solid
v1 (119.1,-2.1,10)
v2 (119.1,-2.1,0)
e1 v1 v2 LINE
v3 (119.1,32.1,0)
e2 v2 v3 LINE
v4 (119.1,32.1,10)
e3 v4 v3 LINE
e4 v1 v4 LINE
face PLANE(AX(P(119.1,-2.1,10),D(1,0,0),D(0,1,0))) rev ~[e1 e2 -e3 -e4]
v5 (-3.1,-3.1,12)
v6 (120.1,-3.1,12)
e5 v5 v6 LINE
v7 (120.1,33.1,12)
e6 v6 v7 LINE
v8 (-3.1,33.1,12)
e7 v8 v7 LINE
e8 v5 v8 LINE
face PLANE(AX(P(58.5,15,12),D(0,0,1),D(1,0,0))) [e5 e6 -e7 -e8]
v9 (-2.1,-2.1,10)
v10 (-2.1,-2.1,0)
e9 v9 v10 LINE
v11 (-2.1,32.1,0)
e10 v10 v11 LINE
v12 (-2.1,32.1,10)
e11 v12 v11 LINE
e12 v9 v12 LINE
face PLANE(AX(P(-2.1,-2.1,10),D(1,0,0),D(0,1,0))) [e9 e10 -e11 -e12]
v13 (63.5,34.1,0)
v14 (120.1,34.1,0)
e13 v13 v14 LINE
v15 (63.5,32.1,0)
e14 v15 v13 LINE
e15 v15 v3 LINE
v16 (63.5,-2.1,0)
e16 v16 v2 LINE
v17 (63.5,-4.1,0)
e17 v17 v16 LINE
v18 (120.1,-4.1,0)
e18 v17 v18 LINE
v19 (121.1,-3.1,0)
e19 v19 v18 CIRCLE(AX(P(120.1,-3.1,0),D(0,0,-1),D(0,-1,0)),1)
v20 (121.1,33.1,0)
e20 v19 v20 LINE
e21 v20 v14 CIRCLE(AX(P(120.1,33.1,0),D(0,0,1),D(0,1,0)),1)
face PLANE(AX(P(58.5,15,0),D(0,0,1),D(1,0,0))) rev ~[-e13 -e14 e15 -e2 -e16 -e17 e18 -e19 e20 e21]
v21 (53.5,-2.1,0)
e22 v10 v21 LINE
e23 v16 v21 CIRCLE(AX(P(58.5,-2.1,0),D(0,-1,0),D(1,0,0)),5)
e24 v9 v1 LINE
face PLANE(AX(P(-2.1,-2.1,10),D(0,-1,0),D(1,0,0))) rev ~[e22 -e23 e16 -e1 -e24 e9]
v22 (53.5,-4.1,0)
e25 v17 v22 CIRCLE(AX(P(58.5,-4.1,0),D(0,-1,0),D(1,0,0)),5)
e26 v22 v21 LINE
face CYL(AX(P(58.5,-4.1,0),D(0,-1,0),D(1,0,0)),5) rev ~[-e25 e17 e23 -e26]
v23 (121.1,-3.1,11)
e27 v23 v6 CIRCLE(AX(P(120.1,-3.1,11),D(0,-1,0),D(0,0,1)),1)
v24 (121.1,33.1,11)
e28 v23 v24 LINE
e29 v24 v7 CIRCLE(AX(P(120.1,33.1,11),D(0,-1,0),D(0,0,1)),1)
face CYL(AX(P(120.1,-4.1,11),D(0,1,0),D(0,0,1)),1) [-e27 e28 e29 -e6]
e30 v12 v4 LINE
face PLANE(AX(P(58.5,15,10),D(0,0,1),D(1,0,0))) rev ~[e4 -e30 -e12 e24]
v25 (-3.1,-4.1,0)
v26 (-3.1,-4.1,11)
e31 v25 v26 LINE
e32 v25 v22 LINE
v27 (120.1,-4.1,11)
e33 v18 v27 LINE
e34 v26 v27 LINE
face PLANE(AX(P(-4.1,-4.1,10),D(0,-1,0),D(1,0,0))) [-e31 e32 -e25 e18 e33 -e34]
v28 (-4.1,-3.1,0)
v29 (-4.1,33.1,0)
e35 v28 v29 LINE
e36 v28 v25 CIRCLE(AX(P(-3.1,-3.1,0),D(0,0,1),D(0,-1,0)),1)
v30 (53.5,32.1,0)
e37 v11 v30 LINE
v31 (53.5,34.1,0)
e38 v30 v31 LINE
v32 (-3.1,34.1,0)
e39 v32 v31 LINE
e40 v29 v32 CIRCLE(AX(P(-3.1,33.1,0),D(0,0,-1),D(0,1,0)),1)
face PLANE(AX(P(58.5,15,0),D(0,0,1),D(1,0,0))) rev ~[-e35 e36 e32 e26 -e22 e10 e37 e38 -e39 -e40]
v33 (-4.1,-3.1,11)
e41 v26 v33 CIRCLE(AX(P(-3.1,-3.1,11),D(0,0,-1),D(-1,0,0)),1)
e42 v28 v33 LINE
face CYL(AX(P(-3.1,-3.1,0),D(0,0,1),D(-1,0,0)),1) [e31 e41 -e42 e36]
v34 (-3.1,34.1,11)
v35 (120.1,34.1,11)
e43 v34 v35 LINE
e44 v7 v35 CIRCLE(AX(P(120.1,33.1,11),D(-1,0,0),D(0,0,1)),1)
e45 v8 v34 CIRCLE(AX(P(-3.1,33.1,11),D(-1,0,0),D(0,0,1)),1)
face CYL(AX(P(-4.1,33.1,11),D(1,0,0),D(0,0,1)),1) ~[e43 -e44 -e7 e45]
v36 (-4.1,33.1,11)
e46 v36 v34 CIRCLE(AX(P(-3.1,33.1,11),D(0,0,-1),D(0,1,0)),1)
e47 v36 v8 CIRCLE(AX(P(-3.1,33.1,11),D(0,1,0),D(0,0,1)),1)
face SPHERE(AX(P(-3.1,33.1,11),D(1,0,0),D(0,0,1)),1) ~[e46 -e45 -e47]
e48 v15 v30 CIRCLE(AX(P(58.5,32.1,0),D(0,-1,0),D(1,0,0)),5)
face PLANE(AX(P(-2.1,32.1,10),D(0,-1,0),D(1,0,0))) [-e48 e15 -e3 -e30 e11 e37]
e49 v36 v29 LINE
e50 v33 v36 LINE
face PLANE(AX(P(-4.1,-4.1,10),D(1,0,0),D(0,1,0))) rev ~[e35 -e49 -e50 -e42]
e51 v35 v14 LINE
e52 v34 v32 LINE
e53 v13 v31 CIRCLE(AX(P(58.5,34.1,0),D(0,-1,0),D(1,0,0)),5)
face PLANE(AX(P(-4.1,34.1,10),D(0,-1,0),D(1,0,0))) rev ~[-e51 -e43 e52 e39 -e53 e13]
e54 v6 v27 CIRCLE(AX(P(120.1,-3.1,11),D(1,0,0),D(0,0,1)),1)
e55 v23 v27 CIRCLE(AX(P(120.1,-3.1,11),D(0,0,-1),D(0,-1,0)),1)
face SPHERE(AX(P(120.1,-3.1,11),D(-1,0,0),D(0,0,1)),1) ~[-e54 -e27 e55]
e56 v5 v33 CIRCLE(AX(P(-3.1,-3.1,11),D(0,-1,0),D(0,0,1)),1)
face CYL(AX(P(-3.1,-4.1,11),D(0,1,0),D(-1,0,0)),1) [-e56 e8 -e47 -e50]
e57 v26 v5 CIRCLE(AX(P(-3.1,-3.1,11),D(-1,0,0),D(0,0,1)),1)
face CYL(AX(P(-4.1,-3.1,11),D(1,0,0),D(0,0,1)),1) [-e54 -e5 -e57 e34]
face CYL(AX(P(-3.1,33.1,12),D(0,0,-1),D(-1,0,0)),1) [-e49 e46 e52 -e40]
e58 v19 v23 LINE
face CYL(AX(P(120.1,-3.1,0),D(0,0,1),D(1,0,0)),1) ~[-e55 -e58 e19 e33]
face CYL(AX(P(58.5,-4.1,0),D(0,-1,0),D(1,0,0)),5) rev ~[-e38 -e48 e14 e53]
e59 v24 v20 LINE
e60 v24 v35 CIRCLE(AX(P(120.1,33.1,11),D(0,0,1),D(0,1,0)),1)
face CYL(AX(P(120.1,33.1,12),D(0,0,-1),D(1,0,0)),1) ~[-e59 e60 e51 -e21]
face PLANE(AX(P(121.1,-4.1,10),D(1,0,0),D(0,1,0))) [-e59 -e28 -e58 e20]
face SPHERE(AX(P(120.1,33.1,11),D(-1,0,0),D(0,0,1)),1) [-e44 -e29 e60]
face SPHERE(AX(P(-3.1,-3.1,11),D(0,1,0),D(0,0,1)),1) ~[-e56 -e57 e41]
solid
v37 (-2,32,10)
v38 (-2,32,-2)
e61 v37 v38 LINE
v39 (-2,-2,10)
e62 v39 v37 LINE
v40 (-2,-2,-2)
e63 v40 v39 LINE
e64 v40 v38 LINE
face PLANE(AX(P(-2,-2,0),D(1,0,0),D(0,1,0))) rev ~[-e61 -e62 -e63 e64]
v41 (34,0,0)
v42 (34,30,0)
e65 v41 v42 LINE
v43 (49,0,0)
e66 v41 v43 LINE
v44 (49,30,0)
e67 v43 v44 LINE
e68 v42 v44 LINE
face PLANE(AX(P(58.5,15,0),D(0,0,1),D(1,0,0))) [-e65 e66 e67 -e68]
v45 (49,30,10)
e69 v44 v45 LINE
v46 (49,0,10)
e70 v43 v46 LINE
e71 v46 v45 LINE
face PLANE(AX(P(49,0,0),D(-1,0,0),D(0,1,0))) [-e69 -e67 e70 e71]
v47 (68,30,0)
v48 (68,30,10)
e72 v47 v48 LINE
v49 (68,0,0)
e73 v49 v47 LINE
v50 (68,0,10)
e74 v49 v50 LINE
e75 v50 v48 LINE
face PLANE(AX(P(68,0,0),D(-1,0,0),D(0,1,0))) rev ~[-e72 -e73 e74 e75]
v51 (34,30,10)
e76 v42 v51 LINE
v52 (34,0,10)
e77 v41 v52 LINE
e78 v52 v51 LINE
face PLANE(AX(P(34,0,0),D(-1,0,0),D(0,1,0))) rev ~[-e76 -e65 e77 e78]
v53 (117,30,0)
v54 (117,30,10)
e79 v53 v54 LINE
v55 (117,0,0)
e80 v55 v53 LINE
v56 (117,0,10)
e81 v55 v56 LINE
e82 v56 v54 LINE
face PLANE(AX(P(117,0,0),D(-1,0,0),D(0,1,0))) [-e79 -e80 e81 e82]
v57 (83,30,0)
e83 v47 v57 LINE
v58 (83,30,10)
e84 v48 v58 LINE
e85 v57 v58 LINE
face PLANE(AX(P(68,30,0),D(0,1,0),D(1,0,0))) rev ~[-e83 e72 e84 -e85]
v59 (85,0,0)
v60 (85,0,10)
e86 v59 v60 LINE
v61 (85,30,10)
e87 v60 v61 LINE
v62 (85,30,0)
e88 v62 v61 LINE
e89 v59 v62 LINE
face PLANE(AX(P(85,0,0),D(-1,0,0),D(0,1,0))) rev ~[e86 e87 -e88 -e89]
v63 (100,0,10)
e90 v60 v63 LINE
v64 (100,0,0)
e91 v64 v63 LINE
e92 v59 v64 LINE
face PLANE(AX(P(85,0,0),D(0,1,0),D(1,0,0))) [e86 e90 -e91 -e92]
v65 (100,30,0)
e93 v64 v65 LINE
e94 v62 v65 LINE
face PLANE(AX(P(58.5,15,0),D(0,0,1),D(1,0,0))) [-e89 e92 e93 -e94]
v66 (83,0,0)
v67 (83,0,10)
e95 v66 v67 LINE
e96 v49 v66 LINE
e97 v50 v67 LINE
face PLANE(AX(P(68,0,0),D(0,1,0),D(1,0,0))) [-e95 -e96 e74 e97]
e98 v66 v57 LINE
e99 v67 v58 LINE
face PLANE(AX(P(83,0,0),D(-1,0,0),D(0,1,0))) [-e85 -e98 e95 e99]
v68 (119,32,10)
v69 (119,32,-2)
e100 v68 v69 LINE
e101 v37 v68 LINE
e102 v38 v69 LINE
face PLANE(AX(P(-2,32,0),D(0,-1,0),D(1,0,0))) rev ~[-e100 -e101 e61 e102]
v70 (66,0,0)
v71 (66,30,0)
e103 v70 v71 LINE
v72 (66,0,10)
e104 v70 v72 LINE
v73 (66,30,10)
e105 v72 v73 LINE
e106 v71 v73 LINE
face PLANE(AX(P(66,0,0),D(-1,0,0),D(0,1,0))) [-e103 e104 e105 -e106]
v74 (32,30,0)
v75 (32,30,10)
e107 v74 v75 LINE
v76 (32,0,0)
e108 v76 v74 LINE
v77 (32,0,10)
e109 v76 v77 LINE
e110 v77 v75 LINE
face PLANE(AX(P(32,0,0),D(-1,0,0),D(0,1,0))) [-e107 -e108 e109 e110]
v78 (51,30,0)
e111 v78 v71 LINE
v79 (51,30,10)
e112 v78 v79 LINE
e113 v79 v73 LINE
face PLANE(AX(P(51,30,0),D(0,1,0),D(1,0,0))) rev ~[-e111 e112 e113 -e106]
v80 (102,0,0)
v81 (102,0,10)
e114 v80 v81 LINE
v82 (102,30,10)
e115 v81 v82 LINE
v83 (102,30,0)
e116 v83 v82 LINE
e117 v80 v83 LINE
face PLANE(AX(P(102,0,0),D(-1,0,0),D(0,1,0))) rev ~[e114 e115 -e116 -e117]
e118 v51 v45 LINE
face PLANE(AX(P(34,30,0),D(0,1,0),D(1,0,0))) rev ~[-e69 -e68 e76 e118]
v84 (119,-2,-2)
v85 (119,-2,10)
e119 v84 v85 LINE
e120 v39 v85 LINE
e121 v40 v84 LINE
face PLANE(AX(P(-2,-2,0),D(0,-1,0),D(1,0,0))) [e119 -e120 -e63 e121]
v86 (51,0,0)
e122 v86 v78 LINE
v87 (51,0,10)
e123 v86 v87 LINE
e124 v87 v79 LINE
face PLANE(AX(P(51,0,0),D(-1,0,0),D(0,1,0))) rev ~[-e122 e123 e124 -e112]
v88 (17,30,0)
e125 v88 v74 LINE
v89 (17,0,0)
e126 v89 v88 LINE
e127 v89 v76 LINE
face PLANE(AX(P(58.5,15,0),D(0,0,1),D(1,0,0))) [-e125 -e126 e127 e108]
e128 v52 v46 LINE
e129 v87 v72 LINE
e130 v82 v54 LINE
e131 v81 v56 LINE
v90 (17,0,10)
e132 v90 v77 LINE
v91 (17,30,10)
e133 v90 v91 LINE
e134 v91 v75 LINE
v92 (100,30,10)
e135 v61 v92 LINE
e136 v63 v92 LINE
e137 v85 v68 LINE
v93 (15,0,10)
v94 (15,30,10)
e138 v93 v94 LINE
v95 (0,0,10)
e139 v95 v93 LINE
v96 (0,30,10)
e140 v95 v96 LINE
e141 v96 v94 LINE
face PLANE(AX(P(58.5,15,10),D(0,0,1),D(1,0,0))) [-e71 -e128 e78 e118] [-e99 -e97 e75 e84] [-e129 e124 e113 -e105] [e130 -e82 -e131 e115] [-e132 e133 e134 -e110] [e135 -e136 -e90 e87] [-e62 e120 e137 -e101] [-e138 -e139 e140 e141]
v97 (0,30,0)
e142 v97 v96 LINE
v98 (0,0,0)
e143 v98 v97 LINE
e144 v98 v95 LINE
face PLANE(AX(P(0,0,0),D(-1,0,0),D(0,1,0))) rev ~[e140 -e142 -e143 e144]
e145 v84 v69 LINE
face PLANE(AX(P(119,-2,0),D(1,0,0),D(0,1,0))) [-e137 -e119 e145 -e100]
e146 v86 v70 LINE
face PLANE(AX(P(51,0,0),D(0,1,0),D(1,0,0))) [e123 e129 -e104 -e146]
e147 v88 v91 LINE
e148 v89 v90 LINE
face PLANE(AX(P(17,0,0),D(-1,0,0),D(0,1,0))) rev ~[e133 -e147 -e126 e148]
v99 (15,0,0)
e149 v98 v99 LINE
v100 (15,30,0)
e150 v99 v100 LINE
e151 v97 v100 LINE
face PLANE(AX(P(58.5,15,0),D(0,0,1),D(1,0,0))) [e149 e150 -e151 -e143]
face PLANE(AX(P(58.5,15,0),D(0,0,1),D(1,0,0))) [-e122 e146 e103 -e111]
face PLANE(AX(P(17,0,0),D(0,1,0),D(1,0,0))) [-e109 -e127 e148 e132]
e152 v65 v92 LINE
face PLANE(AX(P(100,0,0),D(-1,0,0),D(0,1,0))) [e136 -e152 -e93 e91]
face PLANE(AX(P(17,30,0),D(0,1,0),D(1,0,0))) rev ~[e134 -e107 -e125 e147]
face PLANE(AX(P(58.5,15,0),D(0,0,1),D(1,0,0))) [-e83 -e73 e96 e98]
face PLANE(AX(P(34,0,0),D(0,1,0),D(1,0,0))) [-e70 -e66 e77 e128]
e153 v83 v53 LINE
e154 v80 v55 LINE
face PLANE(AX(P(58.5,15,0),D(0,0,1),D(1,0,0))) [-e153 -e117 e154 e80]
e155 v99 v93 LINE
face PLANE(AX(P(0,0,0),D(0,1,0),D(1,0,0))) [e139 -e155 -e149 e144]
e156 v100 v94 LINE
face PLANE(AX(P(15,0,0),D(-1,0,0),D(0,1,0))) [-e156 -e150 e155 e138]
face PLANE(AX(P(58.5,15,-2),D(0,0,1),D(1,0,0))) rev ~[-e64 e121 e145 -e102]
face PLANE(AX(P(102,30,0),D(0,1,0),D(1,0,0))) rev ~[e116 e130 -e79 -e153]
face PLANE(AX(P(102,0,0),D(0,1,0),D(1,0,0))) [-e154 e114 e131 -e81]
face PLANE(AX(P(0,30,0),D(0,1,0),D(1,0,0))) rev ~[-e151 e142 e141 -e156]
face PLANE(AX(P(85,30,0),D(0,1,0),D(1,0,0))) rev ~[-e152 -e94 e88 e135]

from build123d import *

# Parameters (mm, degrees)
F0_W     = 121
F0_H     = 34
F0_W_2   = 15
F0_H_2   = 30
F1_DEPTH = 10
F2_DEPTH = 2
F3_W     = 125.2
F3_H     = 38.2
F3_W_2   = 121.2
F3_H_2   = 34.2
F3_W_3   = 121
F3_H_3   = 34
F3_W_4   = 15
F3_H_4   = 30
F4_DEPTH = 2
F5_DEPTH = 10
F6_R     = 1
F8_DEPTH = 38.201


with BuildPart() as f1:
    # F0 (on Top) → F1 (new body)
    with BuildSketch(Plane.XY):
        with Locations((58.5, 15)):
            Rectangle(F0_W, F0_H)
        with Locations((7.5, 15)):
            Rectangle(F0_W_2, F0_H_2, mode=Mode.SUBTRACT)
        with Locations((24.5, 15)):
            Rectangle(F0_W_2, F0_H_2, mode=Mode.SUBTRACT)
        with Locations((41.5, 15)):
            Rectangle(F0_W_2, F0_H_2, mode=Mode.SUBTRACT)
        with Locations((58.5, 15)):
            Rectangle(F0_W_2, F0_H_2, mode=Mode.SUBTRACT)
        with Locations((75.5, 15)):
            Rectangle(F0_W_2, F0_H_2, mode=Mode.SUBTRACT)
        with Locations((92.5, 15)):
            Rectangle(F0_W_2, F0_H_2, mode=Mode.SUBTRACT)
        with Locations((109.5, 15)):
            Rectangle(F0_W_2, F0_H_2, mode=Mode.SUBTRACT)
    extrude(amount=F1_DEPTH)

    # F0 (on Top) → F2 (join)
    with BuildSketch(Plane.XY):
        with Locations((58.5, 15)):
            Rectangle(F0_W, F0_H)
        with Locations((7.5, 15)):
            Rectangle(F0_W_2, F0_H_2, mode=Mode.SUBTRACT)
        with Locations((24.5, 15)):
            Rectangle(F0_W_2, F0_H_2, mode=Mode.SUBTRACT)
        with Locations((41.5, 15)):
            Rectangle(F0_W_2, F0_H_2, mode=Mode.SUBTRACT)
        with Locations((58.5, 15)):
            Rectangle(F0_W_2, F0_H_2, mode=Mode.SUBTRACT)
        with Locations((75.5, 15)):
            Rectangle(F0_W_2, F0_H_2, mode=Mode.SUBTRACT)
        with Locations((92.5, 15)):
            Rectangle(F0_W_2, F0_H_2, mode=Mode.SUBTRACT)
        with Locations((109.5, 15)):
            Rectangle(F0_W_2, F0_H_2, mode=Mode.SUBTRACT)
        with Locations((7.5, 15)):
            Rectangle(F0_W_2, F0_H_2)
        with Locations((24.5, 15)):
            Rectangle(F0_W_2, F0_H_2)
        with Locations((41.5, 15)):
            Rectangle(F0_W_2, F0_H_2)
        with Locations((58.5, 15)):
            Rectangle(F0_W_2, F0_H_2)
        with Locations((75.5, 15)):
            Rectangle(F0_W_2, F0_H_2)
        with Locations((92.5, 15)):
            Rectangle(F0_W_2, F0_H_2)
        with Locations((109.5, 15)):
            Rectangle(F0_W_2, F0_H_2)
    extrude(amount=-F2_DEPTH)


with BuildPart() as f4:
    # F3 (on face) → F4 (new body)
    with BuildSketch(Plane.XY.offset(10)):
        with Locations((58.5, 15)):
            Rectangle(F3_W, F3_H)
        with Locations((58.5, 15)):
            Rectangle(F3_W_2, F3_H_2, mode=Mode.SUBTRACT)
        with Locations((58.5, 15)):
            Rectangle(F3_W_2, F3_H_2)
        with Locations((58.5, 15)):
            Rectangle(F3_W_3, F3_H_3, mode=Mode.SUBTRACT)
        with Locations((58.5, 15)):
            Rectangle(F3_W_3, F3_H_3)
        with Locations((7.5, 15)):
            Rectangle(F3_W_4, F3_H_4, mode=Mode.SUBTRACT)
        with Locations((24.5, 15)):
            Rectangle(F3_W_4, F3_H_4, mode=Mode.SUBTRACT)
        with Locations((41.5, 15)):
            Rectangle(F3_W_4, F3_H_4, mode=Mode.SUBTRACT)
        with Locations((58.5, 15)):
            Rectangle(F3_W_4, F3_H_4, mode=Mode.SUBTRACT)
        with Locations((75.5, 15)):
            Rectangle(F3_W_4, F3_H_4, mode=Mode.SUBTRACT)
        with Locations((92.5, 15)):
            Rectangle(F3_W_4, F3_H_4, mode=Mode.SUBTRACT)
        with Locations((109.5, 15)):
            Rectangle(F3_W_4, F3_H_4, mode=Mode.SUBTRACT)
        with Locations((24.5, 15)):
            Rectangle(F3_W_4, F3_H_4)
        with Locations((7.5, 15)):
            Rectangle(F3_W_4, F3_H_4)
        with Locations((41.5, 15)):
            Rectangle(F3_W_4, F3_H_4)
        with Locations((58.5, 15)):
            Rectangle(F3_W_4, F3_H_4)
        with Locations((75.5, 15)):
            Rectangle(F3_W_4, F3_H_4)
        with Locations((92.5, 15)):
            Rectangle(F3_W_4, F3_H_4)
        with Locations((109.5, 15)):
            Rectangle(F3_W_4, F3_H_4)
    extrude(amount=F4_DEPTH)

    # F3 (on face) → F5 (join)
    with BuildSketch(Plane.XY.offset(10)):
        with Locations((58.5, 15)):
            Rectangle(F3_W, F3_H)
        with Locations((58.5, 15)):
            Rectangle(F3_W_2, F3_H_2, mode=Mode.SUBTRACT)
    extrude(amount=-F5_DEPTH)

    # F6
    f6_edges = [f4.edges().sort_by_distance(p)[0] for p in [
        (58.5, 34.1, 12),
        (-4.1, 15, 12),
        (58.5, -4.1, 12),
        (121.1, 15, 12),
        (-4.1, -4.1, 6),
        (121.1, -4.1, 6),
        (121.1, 34.1, 6),
        (-4.1, 34.1, 6),
    ]]
    fillet(f6_edges, radius=F6_R)

    # F7 (on face) → F8 (cut, through all)
    with BuildSketch(Plane.XZ.offset(4.1)):
        with BuildLine():
            Line((53.5, 0), (63.5, 0))
            ThreePointArc((63.5, 0), (58.5, 5), (53.5, 0))
        make_face()
    extrude(amount=-F8_DEPTH, mode=Mode.SUBTRACT)


solid = Compound([f1.part, f4.part])
